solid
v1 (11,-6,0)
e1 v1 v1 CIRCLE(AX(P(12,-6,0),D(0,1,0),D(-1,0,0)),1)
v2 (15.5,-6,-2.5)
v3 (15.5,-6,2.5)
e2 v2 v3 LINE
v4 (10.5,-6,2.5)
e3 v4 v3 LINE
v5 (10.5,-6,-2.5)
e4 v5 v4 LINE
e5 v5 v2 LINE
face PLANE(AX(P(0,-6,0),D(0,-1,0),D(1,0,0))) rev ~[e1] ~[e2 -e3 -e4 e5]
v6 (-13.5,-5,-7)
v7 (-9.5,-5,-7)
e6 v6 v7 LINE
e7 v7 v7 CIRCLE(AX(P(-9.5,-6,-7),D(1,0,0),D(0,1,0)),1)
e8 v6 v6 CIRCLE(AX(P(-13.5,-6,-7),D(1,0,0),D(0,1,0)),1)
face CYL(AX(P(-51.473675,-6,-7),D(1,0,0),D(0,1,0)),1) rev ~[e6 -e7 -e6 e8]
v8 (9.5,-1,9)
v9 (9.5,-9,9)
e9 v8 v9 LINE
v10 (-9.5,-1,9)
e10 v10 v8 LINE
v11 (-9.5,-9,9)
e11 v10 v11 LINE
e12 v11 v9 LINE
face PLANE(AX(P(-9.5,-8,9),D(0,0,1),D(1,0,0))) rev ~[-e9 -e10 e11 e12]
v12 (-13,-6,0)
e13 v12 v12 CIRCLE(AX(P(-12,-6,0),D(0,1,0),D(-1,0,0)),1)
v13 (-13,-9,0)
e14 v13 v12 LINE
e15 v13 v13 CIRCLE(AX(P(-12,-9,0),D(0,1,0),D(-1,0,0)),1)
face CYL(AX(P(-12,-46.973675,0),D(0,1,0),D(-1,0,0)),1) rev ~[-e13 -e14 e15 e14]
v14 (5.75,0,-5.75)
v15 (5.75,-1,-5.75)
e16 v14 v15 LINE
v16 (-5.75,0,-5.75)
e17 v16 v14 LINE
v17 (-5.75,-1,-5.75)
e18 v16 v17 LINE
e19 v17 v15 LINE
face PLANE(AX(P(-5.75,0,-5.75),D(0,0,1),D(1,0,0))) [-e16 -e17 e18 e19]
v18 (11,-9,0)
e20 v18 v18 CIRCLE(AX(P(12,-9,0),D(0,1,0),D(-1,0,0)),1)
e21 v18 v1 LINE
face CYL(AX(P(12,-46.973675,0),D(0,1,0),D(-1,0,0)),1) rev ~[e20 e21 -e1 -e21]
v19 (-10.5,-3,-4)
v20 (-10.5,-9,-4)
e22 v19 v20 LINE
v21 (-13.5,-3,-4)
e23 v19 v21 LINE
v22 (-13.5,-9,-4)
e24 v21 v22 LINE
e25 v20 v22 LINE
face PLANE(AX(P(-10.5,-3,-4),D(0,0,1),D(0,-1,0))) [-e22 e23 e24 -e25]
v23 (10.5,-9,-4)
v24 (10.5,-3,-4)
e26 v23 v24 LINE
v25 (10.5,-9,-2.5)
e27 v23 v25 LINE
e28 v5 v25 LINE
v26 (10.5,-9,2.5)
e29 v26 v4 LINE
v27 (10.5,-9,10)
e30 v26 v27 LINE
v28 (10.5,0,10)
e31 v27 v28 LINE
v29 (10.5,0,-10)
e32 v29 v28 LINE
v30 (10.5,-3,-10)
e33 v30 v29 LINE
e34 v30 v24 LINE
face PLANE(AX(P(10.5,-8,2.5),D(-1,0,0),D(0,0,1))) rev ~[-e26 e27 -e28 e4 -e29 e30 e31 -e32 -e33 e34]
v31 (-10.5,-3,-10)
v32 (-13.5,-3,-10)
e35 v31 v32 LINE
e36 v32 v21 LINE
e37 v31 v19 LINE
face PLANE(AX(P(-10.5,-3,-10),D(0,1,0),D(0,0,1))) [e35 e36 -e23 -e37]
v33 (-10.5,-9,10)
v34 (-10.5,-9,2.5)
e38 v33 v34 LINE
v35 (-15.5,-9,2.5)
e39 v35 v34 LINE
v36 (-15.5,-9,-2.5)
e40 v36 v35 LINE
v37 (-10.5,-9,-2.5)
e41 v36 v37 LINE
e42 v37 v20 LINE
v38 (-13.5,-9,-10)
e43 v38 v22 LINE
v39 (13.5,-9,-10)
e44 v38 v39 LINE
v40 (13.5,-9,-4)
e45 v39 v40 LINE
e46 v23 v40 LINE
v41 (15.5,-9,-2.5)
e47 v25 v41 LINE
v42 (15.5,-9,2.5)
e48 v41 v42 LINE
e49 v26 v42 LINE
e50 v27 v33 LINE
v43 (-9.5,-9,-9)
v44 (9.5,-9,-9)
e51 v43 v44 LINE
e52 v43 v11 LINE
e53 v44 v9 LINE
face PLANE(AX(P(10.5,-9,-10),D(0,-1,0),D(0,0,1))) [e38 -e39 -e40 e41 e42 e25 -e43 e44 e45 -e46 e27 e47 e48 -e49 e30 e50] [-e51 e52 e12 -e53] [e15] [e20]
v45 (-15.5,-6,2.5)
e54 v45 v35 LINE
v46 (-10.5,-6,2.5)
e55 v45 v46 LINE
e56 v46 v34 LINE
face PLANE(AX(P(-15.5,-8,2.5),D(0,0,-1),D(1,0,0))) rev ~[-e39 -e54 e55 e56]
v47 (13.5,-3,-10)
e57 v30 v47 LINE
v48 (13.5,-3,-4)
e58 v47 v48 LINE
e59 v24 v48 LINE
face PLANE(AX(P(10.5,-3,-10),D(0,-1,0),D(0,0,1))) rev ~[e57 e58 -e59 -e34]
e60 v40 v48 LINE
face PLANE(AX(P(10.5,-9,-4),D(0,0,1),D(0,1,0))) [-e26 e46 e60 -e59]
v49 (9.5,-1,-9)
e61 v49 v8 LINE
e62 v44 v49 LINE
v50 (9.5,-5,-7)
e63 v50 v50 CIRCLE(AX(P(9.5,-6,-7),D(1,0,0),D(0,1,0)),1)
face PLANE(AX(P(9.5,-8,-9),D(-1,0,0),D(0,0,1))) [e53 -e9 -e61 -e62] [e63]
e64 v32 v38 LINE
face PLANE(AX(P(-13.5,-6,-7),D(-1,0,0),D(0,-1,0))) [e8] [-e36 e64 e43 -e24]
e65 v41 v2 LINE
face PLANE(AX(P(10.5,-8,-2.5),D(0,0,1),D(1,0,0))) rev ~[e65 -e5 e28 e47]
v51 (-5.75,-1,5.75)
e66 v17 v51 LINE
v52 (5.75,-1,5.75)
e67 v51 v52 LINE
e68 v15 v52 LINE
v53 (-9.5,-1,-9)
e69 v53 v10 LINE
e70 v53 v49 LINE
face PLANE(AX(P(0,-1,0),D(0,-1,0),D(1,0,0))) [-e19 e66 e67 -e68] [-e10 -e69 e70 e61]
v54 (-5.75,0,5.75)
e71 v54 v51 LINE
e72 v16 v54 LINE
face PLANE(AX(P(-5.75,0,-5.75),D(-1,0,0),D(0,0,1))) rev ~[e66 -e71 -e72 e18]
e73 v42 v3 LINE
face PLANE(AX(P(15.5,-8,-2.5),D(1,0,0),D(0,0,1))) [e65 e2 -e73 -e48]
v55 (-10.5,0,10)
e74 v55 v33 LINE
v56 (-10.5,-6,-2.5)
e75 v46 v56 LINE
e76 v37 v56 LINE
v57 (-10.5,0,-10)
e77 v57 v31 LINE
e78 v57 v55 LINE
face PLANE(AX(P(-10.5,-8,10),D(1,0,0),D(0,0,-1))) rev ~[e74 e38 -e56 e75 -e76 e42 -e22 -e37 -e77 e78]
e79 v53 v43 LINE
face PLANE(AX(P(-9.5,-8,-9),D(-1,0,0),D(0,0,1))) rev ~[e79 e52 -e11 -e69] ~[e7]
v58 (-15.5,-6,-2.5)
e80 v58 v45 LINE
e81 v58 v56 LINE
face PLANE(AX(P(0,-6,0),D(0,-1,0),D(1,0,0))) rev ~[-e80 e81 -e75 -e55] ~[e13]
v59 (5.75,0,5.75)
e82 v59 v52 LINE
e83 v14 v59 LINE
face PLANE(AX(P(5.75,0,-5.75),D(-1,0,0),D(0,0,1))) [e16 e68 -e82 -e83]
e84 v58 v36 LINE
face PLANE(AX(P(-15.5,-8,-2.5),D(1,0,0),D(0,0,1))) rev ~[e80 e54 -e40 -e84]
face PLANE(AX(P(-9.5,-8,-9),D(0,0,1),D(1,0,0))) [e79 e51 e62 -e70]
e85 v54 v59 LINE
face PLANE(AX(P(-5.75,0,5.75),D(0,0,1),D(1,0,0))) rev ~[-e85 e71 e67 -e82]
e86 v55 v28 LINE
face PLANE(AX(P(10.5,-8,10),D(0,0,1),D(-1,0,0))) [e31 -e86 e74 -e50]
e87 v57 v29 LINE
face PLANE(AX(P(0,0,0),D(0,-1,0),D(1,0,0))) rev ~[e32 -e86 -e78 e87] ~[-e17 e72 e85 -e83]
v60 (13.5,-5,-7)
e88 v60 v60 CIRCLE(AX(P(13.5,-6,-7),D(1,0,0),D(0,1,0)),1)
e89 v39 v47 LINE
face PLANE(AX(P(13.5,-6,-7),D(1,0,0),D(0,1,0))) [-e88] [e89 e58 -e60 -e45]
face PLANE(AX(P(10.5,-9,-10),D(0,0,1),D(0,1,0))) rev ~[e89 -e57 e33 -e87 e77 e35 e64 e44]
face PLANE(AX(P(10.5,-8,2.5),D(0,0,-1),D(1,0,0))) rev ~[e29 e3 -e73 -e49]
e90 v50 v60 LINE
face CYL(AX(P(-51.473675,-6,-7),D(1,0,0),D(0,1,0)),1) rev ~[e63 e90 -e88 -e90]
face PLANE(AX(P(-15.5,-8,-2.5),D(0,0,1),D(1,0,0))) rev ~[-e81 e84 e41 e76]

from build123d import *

# Parameters (mm, degrees)
F0_W          = 21
F0_H          = 20
F0_W_2        = 19
F0_H_2        = 18
F0_W_3        = 18
F0_H_3        = 17
F0_W_4        = 11.5
F0_H_4        = 11.5
F1_DEPTH      = 1
F2_W          = 21
F2_H          = 20
F2_W_2        = 19
F2_H_2        = 18
F3_DEPTH      = 7
F4_W          = 19
F4_H          = 18
F4_W_2        = 5
F4_H_2        = 5
F5_DEPTH      = 1
F5_DEPTH_BACK = 2
F7_D          = 2
F8_W          = 6
F8_H          = 6
F9_DEPTH      = 3
F10_W         = 6
F10_H         = 6
F11_DEPTH     = 3
F13_D         = 2


with BuildPart() as f1:
    # F0 (on Front) → F1 (new body)
    with BuildSketch(Plane.XZ):
        Rectangle(F0_W, F0_H)
        Rectangle(F0_W_2, F0_H_2, mode=Mode.SUBTRACT)
        Rectangle(F0_W_2, F0_H_2)
        Rectangle(F0_W_3, F0_H_3, mode=Mode.SUBTRACT)
        Rectangle(F0_W_3, F0_H_3)
        Rectangle(F0_W_4, F0_H_4, mode=Mode.SUBTRACT)
    extrude(amount=F1_DEPTH)

    # F2 (on face) → F3 (join)
    with BuildSketch(Plane.XZ.offset(1)):
        Rectangle(F2_W, F2_H)
        Rectangle(F2_W_2, F2_H_2, mode=Mode.SUBTRACT)
    extrude(amount=F3_DEPTH)

    # F4 (on face) → F5 (join, two sides)
    with BuildSketch(Plane.XZ.offset(8)) as f5_sk:
        Polygon((10.5, 2.5), (10.5, 10), (-10.5, 10), (-10.5, 2.5), (-10.5, -2.5), (-10.5, -10), (10.5, -10), (10.5, -2.5), align=None)
        Rectangle(F4_W, F4_H, mode=Mode.SUBTRACT)
        with Locations((13, 0)):
            Rectangle(F4_W_2, F4_H_2)
        with Locations((-13, 0)):
            Rectangle(F4_W_2, F4_H_2)
    extrude(amount=F5_DEPTH)
    extrude(f5_sk.sketch, amount=-F5_DEPTH_BACK)

    # F7 (through all)
    with Locations(Plane.XZ.offset(9)):
        with Locations((-12, 0), (12, 0)):
            Hole(F7_D / 2)

    # F8 (on face) → F9 (join)
    with BuildSketch(Plane(origin=(-10.5, 0, 0), x_dir=(0, -1, 0), z_dir=(-1, 0, 0))):
        with Locations((6, -7)):
            Rectangle(F8_W, F8_H)
    extrude(amount=F9_DEPTH)

    # F10 (on face) → F11 (join)
    with BuildSketch(Plane.YZ.offset(10.5)):
        with Locations((-6, -7)):
            Rectangle(F10_W, F10_H)
    extrude(amount=F11_DEPTH)

    # F13 (through all)
    with Locations(Plane(origin=(-13.5, 0, 0), x_dir=(0, -1, 0), z_dir=(-1, 0, 0))):
        with Locations((6, -7)):
            Hole(F13_D / 2)


solid = f1.part
